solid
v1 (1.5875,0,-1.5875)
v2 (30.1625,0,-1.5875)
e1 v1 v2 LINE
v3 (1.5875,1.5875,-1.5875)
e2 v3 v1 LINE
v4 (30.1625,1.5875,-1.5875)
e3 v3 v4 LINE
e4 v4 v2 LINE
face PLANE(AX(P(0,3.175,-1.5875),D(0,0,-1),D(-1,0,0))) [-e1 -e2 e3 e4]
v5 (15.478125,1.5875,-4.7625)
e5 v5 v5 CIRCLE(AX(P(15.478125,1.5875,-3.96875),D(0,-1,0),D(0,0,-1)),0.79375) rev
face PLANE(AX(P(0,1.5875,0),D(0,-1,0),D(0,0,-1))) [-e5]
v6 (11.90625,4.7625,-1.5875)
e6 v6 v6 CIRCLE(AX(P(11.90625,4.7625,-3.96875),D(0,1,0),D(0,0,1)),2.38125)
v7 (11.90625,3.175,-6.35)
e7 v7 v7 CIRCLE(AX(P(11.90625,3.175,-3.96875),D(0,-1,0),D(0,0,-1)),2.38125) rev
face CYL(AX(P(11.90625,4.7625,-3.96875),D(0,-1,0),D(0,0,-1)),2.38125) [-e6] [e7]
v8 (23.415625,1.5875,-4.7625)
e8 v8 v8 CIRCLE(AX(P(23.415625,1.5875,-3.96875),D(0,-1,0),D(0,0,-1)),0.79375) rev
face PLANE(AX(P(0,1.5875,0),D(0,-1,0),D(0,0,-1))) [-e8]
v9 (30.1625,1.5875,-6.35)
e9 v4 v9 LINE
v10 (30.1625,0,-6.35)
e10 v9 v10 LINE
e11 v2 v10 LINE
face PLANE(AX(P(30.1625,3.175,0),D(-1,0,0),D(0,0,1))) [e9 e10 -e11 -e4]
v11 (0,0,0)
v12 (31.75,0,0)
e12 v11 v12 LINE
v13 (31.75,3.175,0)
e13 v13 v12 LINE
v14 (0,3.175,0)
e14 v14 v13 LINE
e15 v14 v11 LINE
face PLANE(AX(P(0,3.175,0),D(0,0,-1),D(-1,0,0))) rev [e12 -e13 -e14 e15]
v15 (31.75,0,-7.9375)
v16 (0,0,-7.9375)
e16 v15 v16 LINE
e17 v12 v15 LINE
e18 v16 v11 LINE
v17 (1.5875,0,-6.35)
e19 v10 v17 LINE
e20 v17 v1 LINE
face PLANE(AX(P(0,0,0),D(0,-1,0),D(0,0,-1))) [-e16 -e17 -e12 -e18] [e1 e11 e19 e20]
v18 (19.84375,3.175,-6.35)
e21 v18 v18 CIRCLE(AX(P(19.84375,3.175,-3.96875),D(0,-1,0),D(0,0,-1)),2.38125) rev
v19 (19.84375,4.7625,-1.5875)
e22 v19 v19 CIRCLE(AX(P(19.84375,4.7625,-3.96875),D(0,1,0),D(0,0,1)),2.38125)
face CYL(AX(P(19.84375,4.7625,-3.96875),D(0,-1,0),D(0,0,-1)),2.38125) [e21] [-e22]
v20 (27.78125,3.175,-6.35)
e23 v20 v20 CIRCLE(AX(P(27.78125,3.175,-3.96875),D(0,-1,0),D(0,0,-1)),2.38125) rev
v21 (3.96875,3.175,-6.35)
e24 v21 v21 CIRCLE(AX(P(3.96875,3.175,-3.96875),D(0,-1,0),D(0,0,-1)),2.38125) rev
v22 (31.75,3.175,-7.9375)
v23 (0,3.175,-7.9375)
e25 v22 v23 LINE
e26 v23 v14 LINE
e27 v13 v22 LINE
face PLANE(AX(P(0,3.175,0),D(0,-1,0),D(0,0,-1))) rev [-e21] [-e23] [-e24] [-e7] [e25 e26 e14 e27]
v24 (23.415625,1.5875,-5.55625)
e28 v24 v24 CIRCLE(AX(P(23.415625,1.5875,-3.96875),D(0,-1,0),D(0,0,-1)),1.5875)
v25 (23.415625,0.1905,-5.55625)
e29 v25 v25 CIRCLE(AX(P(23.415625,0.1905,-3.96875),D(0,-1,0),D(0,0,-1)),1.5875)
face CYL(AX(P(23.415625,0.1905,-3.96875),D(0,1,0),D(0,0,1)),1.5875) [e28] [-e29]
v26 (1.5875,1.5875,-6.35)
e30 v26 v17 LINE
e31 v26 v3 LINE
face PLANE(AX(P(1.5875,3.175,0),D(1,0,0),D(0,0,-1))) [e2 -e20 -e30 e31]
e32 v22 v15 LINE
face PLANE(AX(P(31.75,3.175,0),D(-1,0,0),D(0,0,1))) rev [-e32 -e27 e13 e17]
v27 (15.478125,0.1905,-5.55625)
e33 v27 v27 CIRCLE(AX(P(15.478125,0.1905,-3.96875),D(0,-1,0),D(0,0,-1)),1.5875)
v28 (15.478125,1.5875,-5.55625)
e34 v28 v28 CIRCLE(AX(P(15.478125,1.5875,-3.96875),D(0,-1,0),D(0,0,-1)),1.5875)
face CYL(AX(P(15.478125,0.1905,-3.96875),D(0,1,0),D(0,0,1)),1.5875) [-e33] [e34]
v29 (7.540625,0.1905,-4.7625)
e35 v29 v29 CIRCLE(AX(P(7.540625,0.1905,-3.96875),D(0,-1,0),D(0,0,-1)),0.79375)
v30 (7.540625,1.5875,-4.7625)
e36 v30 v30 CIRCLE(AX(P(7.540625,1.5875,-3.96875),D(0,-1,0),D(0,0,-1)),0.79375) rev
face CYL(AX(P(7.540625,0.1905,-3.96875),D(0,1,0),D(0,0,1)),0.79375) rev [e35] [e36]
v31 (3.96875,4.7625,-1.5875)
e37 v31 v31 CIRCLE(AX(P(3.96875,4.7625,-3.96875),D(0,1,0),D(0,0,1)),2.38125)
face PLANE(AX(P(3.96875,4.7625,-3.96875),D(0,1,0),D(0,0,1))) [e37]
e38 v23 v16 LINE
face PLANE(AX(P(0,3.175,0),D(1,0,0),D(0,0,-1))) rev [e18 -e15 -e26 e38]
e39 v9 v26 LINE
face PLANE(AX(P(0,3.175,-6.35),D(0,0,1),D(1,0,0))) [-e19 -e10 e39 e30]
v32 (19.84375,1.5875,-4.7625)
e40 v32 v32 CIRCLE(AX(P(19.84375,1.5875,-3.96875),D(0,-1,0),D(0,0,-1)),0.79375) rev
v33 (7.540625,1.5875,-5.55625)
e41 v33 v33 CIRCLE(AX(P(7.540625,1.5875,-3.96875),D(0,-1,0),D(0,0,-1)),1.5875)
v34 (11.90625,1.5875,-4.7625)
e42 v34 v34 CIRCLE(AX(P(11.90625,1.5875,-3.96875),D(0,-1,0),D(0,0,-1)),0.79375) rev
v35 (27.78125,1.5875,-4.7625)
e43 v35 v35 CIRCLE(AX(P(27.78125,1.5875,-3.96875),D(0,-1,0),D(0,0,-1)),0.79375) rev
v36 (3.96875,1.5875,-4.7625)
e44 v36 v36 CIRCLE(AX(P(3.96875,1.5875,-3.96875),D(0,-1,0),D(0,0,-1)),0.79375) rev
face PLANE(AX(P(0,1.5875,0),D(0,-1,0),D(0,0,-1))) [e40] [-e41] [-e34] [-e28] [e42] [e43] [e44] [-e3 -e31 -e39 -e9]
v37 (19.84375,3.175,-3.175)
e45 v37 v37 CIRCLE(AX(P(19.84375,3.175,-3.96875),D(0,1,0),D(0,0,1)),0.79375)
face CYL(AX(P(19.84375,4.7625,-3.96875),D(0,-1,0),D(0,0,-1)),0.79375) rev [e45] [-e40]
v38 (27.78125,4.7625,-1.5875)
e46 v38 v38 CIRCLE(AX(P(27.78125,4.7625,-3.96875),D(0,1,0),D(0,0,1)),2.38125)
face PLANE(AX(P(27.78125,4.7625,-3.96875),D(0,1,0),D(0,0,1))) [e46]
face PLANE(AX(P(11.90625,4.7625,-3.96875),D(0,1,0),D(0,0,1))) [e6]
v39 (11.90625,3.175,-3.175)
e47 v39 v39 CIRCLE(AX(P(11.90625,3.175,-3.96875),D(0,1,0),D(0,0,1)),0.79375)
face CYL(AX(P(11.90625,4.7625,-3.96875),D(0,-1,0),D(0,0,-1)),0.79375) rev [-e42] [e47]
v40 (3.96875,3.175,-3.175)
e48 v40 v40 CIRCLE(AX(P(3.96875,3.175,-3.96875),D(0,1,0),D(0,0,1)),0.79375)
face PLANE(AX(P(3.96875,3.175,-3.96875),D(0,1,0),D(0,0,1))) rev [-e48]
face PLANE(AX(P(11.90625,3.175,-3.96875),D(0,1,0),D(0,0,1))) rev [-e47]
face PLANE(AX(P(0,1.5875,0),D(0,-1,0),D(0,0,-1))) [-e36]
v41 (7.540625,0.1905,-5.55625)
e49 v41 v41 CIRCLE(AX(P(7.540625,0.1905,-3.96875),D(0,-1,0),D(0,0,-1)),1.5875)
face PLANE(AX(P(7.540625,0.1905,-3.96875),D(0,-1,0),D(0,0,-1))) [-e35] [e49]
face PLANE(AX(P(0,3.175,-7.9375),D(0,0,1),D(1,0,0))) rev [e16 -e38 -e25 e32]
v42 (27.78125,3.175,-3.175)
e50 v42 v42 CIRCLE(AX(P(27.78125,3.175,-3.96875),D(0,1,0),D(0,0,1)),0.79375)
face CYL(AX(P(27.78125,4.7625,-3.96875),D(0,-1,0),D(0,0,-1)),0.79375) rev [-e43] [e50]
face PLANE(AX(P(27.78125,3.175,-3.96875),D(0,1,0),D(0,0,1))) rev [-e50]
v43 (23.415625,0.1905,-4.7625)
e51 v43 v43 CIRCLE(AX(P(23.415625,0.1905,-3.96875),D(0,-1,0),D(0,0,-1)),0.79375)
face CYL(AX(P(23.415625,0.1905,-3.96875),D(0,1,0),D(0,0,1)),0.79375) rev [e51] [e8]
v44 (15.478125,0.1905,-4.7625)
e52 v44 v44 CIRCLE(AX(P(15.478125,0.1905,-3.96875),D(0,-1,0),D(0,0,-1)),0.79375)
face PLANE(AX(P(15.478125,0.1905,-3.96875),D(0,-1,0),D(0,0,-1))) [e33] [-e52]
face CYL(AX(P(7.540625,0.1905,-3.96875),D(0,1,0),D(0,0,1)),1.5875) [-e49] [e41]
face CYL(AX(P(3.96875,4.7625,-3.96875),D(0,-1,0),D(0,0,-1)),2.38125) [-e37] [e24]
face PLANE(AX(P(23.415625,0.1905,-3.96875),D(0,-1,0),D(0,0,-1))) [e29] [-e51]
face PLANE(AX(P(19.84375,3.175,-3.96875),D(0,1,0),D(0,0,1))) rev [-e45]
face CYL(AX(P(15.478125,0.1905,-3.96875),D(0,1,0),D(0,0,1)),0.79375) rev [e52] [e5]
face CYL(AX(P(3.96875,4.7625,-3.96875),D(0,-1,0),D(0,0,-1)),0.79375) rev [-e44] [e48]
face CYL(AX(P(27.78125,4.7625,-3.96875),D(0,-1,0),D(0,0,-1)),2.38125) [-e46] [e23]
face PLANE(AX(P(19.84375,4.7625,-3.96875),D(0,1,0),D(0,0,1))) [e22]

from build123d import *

# Parameters (mm, degrees)
SKETCH1_W           = 31.75
SKETCH1_H           = 7.9375
BOSS_EXTRUDE1_DEPTH = 3.175
SKETCH2_R           = 2.38125
BOSS_EXTRUDE2_DEPTH = 1.5875
SHELL1_T            = -1.5875
SKETCH3_R           = 1.5875
SKETCH3_R_2         = 0.79375
BOSS_EXTRUDE4_DEPTH = 1.397


with BuildPart() as part:
    # Sketch1 → Boss-Extrude1 (new body)
    with BuildSketch(Plane(origin=(0, 0, 0), x_dir=(1, 0, 0), z_dir=(0, 1, 0))):
        with Locations((15.875, 3.96875)):
            Rectangle(SKETCH1_W, SKETCH1_H)
    extrude(amount=BOSS_EXTRUDE1_DEPTH)

    # Sketch2 → Boss-Extrude2 (add)
    with BuildSketch(Plane(origin=(0, 3.175, 0), x_dir=(1, 0, 0), z_dir=(0, 1, 0))):
        with Locations((3.96875, 3.96875)):
            Circle(SKETCH2_R)
        with Locations((11.90625, 3.96875)):
            Circle(SKETCH2_R)
        with Locations((19.84375, 3.96875)):
            Circle(SKETCH2_R)
        with Locations((27.78125, 3.96875)):
            Circle(SKETCH2_R)
    extrude(amount=BOSS_EXTRUDE2_DEPTH)

    # Shell1
    shell1_openings = [part.faces().sort_by_distance(p)[0] for p in [
        (15.875, 0, -3.96875),
    ]]
    offset(amount=SHELL1_T, openings=shell1_openings, kind=Kind.INTERSECTION)

    # Sketch3 → Boss-Extrude4 (add)
    with BuildSketch(Plane.XZ.offset(-1.5875)):
        with Locations((7.540625, -3.96875)):
            Circle(SKETCH3_R)
        with Locations((7.540625, -3.96875)):
            Circle(SKETCH3_R_2, mode=Mode.SUBTRACT)
        with Locations((15.478125, -3.96875)):
            Circle(SKETCH3_R)
        with Locations((15.478125, -3.96875)):
            Circle(SKETCH3_R_2, mode=Mode.SUBTRACT)
        with Locations((23.415625, -3.96875)):
            Circle(SKETCH3_R)
        with Locations((23.415625, -3.96875)):
            Circle(SKETCH3_R_2, mode=Mode.SUBTRACT)
    extrude(amount=BOSS_EXTRUDE4_DEPTH)


solid = part.part
